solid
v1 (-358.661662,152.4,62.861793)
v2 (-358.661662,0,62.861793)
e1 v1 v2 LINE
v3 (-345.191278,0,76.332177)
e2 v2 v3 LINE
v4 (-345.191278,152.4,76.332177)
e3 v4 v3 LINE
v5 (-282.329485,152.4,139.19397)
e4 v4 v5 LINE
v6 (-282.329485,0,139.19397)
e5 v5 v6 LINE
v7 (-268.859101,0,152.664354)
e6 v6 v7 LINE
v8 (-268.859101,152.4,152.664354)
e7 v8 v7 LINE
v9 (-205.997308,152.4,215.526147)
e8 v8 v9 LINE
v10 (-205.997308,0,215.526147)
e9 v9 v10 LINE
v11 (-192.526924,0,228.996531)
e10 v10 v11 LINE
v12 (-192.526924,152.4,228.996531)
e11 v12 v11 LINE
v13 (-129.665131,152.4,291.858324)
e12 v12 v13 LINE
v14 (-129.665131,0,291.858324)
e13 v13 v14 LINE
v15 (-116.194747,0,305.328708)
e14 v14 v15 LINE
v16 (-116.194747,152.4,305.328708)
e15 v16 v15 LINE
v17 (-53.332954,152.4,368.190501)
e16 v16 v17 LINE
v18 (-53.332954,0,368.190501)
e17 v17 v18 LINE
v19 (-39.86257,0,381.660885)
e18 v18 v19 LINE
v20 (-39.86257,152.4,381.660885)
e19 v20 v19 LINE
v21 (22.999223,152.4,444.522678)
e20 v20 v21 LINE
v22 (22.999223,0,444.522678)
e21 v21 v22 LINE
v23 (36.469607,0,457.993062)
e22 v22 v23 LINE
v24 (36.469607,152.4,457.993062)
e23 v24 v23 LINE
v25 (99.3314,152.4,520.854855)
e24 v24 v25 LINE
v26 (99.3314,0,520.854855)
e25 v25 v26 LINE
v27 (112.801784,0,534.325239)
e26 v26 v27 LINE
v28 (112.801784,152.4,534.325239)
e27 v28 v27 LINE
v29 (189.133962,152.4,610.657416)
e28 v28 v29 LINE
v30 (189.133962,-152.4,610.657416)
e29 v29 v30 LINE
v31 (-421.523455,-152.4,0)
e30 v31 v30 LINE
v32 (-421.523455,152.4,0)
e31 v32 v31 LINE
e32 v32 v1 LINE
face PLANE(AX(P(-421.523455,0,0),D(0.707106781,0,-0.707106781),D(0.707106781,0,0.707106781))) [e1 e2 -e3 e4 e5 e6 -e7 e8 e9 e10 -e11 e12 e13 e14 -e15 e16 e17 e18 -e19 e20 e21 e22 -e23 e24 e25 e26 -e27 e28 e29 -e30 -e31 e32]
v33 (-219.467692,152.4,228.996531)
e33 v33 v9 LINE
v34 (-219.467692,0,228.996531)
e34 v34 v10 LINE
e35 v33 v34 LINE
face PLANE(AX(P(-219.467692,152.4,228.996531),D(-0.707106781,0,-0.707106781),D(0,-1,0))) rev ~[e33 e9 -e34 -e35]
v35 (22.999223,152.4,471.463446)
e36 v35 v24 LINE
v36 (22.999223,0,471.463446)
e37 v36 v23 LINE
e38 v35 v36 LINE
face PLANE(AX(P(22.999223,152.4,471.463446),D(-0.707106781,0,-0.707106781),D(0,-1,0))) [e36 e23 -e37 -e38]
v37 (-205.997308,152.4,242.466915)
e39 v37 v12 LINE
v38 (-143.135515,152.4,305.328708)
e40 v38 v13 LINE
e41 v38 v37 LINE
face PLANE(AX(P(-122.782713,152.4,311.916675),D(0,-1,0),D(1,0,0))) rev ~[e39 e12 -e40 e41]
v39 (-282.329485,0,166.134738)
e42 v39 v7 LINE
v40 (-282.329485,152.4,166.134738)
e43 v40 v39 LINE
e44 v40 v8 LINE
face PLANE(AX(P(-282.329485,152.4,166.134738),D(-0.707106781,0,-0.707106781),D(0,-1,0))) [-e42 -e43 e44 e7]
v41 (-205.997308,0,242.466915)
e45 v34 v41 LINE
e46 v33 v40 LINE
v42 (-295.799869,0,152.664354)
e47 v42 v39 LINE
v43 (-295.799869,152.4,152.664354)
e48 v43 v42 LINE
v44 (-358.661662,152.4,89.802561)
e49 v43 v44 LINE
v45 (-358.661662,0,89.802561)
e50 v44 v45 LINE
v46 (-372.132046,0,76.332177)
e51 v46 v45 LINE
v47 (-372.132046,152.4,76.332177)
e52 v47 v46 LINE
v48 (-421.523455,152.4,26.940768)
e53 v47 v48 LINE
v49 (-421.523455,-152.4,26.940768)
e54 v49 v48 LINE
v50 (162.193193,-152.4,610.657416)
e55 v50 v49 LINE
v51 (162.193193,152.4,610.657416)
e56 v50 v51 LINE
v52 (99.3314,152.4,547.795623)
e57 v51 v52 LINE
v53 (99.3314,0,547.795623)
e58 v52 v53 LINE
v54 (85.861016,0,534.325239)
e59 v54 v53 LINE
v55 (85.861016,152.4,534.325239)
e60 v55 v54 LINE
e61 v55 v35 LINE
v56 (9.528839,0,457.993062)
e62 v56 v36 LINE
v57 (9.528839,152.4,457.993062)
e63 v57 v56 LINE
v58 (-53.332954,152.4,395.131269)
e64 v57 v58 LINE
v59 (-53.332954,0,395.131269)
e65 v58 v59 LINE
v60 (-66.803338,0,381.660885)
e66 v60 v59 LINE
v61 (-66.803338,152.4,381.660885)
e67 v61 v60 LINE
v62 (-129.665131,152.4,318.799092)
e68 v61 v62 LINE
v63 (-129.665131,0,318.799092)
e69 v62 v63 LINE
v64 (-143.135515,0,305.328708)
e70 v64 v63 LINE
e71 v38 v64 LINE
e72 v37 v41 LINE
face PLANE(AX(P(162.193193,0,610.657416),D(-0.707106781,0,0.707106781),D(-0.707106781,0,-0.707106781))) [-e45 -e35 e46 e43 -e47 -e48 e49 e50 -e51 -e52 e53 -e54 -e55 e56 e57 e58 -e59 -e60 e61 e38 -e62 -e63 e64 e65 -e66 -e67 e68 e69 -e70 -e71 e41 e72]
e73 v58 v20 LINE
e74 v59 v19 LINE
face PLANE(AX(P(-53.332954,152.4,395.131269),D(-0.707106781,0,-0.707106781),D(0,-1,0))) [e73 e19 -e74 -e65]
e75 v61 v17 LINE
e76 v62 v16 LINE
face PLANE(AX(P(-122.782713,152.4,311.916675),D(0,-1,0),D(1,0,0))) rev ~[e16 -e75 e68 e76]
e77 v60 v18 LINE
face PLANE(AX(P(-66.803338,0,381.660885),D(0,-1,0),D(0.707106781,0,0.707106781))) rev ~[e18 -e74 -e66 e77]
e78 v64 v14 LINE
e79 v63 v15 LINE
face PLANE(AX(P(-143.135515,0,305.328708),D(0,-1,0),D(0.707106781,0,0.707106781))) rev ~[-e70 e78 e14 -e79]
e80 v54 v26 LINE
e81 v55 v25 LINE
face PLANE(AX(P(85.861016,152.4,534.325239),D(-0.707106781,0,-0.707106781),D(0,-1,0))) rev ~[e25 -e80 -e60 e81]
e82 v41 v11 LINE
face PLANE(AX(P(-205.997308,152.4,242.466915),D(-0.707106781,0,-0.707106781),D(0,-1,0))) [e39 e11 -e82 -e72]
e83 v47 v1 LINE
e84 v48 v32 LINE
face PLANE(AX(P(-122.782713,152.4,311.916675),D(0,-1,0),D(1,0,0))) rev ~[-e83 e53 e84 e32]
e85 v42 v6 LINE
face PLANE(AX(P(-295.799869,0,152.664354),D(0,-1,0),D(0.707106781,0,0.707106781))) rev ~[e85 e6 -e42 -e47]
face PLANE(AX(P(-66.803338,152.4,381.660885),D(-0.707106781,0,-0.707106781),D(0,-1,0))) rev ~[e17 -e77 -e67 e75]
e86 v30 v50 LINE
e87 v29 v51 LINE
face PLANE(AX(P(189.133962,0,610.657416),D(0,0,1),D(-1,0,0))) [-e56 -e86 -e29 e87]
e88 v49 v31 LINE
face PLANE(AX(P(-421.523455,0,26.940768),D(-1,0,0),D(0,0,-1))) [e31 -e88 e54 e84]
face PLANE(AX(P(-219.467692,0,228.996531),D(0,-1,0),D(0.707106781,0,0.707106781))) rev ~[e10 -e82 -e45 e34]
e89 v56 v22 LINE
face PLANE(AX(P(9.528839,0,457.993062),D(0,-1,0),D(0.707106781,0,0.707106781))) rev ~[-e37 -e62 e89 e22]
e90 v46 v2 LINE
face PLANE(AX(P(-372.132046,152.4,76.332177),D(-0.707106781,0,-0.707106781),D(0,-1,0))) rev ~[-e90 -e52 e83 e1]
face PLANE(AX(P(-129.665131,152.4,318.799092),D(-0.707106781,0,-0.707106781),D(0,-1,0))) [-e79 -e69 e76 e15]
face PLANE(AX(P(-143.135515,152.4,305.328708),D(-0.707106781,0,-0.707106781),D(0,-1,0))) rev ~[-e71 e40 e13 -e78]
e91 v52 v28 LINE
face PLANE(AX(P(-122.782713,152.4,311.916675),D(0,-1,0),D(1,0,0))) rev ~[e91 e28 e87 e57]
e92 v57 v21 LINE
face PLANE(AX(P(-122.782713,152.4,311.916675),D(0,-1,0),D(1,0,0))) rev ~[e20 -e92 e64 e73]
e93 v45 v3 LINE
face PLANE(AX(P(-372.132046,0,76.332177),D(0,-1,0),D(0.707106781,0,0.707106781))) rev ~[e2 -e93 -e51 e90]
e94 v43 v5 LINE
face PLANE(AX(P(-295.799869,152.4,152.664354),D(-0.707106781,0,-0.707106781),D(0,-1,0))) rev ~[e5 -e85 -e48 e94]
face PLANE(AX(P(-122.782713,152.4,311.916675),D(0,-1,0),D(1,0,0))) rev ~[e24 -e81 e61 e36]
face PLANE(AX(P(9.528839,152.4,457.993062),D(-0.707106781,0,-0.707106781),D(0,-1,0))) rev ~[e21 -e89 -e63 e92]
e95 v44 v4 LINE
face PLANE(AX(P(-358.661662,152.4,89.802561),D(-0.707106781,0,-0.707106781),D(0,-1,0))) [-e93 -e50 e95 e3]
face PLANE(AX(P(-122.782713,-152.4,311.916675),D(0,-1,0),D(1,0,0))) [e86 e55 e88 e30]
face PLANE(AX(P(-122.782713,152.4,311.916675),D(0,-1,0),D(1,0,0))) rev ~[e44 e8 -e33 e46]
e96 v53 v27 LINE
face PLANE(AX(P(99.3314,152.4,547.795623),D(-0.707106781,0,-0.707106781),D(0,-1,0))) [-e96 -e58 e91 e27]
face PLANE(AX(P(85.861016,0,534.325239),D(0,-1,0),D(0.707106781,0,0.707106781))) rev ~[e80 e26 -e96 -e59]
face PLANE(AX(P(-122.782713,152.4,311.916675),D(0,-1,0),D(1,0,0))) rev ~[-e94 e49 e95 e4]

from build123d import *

# Parameters (mm, degrees)
F1_DEPTH = 152.4
F2_W     = 152.4
F2_H     = 19.05
F3_DEPTH = 19.05


with BuildPart() as f1:
    # F0 (on Front) → F1 (new body, symmetric)
    with BuildSketch(Plane.XZ):
        Polygon((-421.5234547212, 26.9407683632), (-421.5234547212, 0), (189.1339615115, 610.6574162327), (162.1931931483, 610.6574162327), align=None)
    extrude(amount=F1_DEPTH, both=True)

    # F2 (on face) → F3 (cut)
    with BuildSketch(Plane(origin=(-224.2321115422, 0, 224.2321115422), x_dir=(0, -1, 0), z_dir=(-0.7071067812, 0, 0.7071067812))):
        with Locations((-76.2, -199.6370932625)):
            Rectangle(F2_W, F2_H)
        with Locations((-76.2, -91.6870932625)):
            Rectangle(F2_W, F2_H)
        with Locations((-76.2, 16.2629067375)):
            Rectangle(F2_W, F2_H)
        with Locations((-76.2, 124.2129067375)):
            Rectangle(F2_W, F2_H)
        with Locations((-76.2, 232.1629067375)):
            Rectangle(F2_W, F2_H)
        with Locations((-76.2, 340.1129067375)):
            Rectangle(F2_W, F2_H)
        with Locations((-76.2, 448.0629067375)):
            Rectangle(F2_W, F2_H)
    extrude(amount=-F3_DEPTH, mode=Mode.SUBTRACT)


solid = f1.part
